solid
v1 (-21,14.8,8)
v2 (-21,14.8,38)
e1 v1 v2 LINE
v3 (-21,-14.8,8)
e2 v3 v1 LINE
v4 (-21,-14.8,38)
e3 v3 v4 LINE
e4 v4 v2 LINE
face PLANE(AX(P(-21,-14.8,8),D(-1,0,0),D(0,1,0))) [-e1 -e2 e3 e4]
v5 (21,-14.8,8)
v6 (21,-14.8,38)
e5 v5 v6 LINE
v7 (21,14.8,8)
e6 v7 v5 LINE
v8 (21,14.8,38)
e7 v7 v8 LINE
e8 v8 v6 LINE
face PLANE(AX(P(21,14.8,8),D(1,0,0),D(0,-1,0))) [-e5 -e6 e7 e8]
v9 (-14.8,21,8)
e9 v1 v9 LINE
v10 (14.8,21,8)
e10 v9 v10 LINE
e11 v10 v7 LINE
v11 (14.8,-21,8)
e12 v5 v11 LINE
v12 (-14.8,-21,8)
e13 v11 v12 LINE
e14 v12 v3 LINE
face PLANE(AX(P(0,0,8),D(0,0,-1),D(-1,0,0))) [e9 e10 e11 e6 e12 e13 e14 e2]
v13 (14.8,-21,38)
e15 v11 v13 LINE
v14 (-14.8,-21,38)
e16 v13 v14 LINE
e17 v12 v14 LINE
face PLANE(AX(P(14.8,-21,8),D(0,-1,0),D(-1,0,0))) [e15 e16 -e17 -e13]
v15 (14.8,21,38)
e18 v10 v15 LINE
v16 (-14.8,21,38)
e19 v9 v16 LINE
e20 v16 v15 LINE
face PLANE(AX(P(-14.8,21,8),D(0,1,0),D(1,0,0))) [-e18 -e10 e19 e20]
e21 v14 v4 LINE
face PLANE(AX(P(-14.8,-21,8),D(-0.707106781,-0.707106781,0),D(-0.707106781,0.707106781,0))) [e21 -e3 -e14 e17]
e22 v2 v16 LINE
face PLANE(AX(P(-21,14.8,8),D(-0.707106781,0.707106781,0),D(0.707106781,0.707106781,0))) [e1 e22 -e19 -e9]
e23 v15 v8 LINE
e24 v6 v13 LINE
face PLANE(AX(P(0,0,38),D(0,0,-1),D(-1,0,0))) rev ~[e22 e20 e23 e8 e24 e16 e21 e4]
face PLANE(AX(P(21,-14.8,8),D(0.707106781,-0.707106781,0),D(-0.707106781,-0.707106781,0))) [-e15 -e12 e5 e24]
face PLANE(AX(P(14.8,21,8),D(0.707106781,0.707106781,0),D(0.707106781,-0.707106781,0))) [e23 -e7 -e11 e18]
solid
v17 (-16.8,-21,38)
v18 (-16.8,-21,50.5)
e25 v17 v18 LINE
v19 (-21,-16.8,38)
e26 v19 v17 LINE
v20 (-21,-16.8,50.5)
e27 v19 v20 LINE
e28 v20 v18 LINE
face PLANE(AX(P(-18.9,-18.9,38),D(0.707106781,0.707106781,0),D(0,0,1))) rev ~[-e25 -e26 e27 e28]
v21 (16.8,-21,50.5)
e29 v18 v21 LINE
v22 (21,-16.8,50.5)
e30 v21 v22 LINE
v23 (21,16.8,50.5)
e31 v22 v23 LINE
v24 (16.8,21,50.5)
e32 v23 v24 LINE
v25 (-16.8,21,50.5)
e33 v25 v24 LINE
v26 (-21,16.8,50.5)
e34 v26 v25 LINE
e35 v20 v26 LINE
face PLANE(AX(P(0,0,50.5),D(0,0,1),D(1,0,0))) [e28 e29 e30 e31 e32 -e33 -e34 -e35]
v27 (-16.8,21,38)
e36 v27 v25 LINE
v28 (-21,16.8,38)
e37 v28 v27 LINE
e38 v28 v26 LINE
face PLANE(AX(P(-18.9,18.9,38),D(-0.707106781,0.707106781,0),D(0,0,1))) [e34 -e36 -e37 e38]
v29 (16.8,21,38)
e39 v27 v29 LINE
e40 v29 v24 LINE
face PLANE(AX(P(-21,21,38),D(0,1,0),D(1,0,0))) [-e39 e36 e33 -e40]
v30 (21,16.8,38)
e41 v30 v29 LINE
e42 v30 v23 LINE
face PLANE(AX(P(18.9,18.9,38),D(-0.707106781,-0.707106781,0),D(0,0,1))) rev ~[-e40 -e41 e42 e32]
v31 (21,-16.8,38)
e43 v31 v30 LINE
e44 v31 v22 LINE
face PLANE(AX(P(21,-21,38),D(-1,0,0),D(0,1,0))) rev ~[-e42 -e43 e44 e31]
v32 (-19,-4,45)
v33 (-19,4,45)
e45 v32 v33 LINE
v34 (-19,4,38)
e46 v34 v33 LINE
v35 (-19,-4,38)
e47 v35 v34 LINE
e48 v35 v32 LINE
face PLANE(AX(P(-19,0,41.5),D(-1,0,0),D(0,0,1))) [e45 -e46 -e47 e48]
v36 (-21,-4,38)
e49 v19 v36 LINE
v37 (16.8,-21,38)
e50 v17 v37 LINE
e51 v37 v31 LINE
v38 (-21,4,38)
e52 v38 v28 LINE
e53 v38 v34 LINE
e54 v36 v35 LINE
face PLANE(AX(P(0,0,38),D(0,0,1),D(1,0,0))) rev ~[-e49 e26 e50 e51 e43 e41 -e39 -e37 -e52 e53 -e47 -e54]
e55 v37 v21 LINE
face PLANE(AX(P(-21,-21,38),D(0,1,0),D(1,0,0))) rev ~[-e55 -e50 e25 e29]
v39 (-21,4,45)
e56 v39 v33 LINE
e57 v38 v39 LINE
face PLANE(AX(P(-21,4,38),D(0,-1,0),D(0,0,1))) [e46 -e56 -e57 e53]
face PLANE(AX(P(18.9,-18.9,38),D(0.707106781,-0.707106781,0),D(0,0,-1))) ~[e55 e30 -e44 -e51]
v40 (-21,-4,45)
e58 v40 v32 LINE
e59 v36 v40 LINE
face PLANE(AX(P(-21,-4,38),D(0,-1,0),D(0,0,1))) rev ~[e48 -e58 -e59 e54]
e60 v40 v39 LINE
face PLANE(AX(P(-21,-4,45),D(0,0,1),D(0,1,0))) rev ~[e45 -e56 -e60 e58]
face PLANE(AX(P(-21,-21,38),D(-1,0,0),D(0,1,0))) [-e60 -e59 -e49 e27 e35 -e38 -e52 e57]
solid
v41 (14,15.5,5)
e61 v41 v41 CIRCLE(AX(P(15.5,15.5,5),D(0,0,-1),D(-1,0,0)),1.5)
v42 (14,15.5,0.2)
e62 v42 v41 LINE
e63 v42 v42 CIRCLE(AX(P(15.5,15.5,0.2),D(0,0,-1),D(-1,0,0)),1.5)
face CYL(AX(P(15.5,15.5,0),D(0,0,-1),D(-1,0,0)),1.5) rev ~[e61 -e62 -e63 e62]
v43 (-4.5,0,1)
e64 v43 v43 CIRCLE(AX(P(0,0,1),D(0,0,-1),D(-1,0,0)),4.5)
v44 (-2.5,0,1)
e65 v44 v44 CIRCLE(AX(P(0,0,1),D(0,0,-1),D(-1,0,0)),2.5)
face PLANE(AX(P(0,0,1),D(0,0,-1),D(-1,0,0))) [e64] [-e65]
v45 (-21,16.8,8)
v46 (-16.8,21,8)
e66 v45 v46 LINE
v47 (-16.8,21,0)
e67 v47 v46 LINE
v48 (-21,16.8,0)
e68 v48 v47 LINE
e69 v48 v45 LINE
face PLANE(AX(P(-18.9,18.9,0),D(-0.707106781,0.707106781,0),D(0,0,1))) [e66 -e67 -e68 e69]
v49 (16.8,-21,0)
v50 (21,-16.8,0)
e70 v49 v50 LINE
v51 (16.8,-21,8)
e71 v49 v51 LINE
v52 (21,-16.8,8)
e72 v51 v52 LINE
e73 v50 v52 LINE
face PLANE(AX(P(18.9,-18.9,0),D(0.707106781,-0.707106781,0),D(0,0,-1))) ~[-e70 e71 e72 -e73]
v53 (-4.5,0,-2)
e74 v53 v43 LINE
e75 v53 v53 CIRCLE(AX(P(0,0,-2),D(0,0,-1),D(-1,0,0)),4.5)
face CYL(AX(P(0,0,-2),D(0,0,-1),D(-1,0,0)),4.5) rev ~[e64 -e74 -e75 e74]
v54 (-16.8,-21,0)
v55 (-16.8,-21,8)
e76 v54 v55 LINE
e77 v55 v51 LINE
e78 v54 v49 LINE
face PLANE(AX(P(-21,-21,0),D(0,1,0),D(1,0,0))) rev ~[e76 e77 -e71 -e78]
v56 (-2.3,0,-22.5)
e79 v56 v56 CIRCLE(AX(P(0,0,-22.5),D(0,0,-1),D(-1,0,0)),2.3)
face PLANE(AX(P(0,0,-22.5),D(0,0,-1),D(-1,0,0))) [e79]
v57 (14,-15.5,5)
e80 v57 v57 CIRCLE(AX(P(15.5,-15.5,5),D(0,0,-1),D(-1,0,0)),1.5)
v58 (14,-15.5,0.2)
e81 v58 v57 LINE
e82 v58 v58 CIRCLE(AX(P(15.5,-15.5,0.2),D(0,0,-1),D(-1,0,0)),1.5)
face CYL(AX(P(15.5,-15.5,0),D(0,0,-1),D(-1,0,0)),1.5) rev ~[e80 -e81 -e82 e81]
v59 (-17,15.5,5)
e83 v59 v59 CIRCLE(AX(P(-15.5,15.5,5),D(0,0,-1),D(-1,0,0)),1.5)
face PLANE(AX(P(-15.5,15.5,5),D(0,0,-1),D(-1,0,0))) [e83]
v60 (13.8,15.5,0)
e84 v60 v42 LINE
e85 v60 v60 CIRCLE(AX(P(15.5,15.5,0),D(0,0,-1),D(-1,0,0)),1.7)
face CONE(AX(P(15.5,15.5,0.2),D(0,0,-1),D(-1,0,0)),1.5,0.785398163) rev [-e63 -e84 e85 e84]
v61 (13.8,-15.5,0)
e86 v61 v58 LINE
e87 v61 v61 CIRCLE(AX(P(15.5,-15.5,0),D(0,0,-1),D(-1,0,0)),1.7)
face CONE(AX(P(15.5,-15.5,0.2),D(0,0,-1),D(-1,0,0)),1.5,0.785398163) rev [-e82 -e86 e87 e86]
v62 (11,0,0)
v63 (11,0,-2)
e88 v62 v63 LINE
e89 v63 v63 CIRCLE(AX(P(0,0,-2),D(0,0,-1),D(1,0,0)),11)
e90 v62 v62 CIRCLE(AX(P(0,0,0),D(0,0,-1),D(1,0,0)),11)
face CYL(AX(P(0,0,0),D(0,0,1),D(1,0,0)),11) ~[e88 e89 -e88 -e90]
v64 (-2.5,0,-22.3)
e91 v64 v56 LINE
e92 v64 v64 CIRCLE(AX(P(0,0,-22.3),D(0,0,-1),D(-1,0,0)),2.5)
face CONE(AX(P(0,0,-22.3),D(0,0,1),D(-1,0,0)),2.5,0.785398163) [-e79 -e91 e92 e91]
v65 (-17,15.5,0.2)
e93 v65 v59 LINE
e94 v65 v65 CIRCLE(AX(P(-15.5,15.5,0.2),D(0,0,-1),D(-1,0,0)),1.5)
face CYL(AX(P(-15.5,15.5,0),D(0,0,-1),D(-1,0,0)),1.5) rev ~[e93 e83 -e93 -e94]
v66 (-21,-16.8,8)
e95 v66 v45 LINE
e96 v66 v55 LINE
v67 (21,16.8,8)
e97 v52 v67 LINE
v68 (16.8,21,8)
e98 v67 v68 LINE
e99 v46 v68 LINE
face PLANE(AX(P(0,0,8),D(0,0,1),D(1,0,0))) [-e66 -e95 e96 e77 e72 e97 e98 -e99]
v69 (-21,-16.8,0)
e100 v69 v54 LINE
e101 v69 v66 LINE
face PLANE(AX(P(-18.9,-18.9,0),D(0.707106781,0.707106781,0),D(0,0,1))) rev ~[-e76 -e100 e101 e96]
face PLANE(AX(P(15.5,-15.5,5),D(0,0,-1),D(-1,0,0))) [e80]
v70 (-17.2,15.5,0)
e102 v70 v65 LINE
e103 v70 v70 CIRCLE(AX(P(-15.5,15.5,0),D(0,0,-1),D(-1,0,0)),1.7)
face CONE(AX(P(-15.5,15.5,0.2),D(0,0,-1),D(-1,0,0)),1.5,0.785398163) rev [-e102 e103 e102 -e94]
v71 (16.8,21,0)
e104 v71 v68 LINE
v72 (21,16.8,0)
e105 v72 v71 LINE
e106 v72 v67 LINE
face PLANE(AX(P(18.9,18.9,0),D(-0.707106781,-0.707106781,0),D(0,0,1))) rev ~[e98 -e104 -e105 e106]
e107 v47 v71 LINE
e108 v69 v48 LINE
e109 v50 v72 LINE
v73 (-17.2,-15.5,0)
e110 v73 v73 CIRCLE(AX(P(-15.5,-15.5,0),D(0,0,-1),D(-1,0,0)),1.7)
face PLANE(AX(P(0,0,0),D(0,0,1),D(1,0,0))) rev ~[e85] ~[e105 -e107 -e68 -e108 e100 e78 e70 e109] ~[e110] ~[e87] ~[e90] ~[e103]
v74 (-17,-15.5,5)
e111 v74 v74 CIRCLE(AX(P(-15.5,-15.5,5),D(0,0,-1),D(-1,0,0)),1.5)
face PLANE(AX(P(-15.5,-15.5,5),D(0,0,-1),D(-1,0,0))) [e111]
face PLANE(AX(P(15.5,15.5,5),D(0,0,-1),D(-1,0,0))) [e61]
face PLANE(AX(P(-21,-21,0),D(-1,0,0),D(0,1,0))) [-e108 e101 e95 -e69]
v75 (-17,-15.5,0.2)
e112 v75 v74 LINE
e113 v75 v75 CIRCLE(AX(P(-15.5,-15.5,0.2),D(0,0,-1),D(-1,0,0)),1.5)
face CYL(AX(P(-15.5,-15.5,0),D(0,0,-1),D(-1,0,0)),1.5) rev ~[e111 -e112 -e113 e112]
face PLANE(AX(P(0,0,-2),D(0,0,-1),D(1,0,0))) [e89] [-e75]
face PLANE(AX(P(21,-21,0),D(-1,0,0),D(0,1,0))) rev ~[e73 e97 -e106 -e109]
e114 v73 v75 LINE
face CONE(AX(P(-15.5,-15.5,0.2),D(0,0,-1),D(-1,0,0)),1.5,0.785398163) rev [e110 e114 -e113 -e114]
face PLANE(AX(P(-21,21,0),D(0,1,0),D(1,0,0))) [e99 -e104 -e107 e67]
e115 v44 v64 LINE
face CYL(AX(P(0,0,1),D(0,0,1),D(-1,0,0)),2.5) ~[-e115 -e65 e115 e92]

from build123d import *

# Parameters (mm, degrees)
ESQUISSE1_W             = 42
ESQUISSE1_H             = 42
BOSS_EXTRU_1_DEPTH      = 8
CHANFREIN1_SIZE         = 4.2
BOSS_EXTRU_2_DEPTH      = 30
ESQUISSE4_W             = 42
ESQUISSE4_H             = 42
BOSS_EXTRU_3_DEPTH      = 12.5
CHANFREIN3_SIZE         = 4.2
ESQUISSE5_R             = 11
BOSS_EXTRU_4_DEPTH      = 2
ESQUISSE6_R             = 4.5
ENL_V_MAT_EXTRU_1_DEPTH = 3
ESQUISSE7_R             = 2.5
BOSS_EXTRU_5_DEPTH      = 23.5
CHANFREIN4_SIZE         = 0.2
ESQUISSE8_R             = 1.5
ENL_V_MAT_EXTRU_2_DEPTH = 5
CHANFREIN5_SIZE         = 0.2
ESQUISSE9_W             = 7
ESQUISSE9_H             = 8
ENL_V_MAT_EXTRU_3_DEPTH = 2


with BuildPart() as part:
    # Esquisse1 → Boss.-Extru.1 (new body)
    with BuildSketch(Plane.XY):
        Rectangle(ESQUISSE1_W, ESQUISSE1_H)
    extrude(amount=BOSS_EXTRU_1_DEPTH)

    # Chanfrein1
    chanfrein1_edges = [part.edges().sort_by_distance(p)[0] for p in [
        (21, -21, 4),
        (-21, -21, 4),
        (-21, 21, 4),
        (21, 21, 4),
    ]]
    chamfer(chanfrein1_edges, length=CHANFREIN1_SIZE)

    # Esquisse5 → Boss.-Extru.4 (add)
    with BuildSketch(Plane(origin=(0, 0, 0), x_dir=(-1, 0, 0), z_dir=(0, 0, -1))):
        with Locations(Location((0, 0, 0), (0, 0, 180))):
            Circle(ESQUISSE5_R)
    extrude(amount=BOSS_EXTRU_4_DEPTH)

    # Esquisse6 → Enlèv. mat.-Extru.1 (cut)
    with BuildSketch(Plane(origin=(0, 0, -2), x_dir=(-1, 0, 0), z_dir=(0, 0, -1))):
        Circle(ESQUISSE6_R)
    extrude(amount=-ENL_V_MAT_EXTRU_1_DEPTH, mode=Mode.SUBTRACT)

    # Esquisse7 → Boss.-Extru.5 (add)
    with BuildSketch(Plane(origin=(0, 0, 1), x_dir=(-1, 0, 0), z_dir=(0, 0, -1))):
        Circle(ESQUISSE7_R)
    extrude(amount=BOSS_EXTRU_5_DEPTH)

    # Chanfrein4
    chanfrein4_edges = [part.edges().sort_by_distance(p)[0] for p in [
        (2.5, 0, -22.5),
    ]]
    chamfer(chanfrein4_edges, length=CHANFREIN4_SIZE)

    # Esquisse8 → Enlèv. mat.-Extru.2 (cut)
    with BuildSketch(Plane(origin=(0, 0, 0), x_dir=(-1, 0, 0), z_dir=(0, 0, -1))):
        with Locations((-15.5, 15.5)):
            Circle(ESQUISSE8_R)
        with Locations((15.5, 15.5)):
            Circle(ESQUISSE8_R)
        with Locations((15.5, -15.5)):
            Circle(ESQUISSE8_R)
        with Locations((-15.5, -15.5)):
            Circle(ESQUISSE8_R)
    extrude(amount=-ENL_V_MAT_EXTRU_2_DEPTH, mode=Mode.SUBTRACT)

    # Chanfrein5
    chanfrein5_edges = [part.edges().sort_by_distance(p)[0] for p in [
        (17, 15.5, 0),
        (-14, 15.5, 0),
        (-14, -15.5, 0),
        (17, -15.5, 0),
    ]]
    chamfer(chanfrein5_edges, length=CHANFREIN5_SIZE)


with BuildPart() as body_2:
    # Esquisse3 → Boss.-Extru.2 (new body)
    with BuildSketch(Plane.XY.offset(8)):
        Polygon((-21, 14.8), (-14.8, 21), (14.8, 21), (21, 14.8), (21, -14.8), (14.8, -21), (-14.8, -21), (-21, -14.8), align=None)
    extrude(amount=BOSS_EXTRU_2_DEPTH)


with BuildPart() as body_3:
    # Esquisse4 → Boss.-Extru.3 (new body)
    with BuildSketch(Plane.XY.offset(38)):
        Rectangle(ESQUISSE4_W, ESQUISSE4_H)
    extrude(amount=BOSS_EXTRU_3_DEPTH)

    # Chanfrein3
    chanfrein3_edges = [body_3.edges().sort_by_distance(p)[0] for p in [
        (21, -21, 44.25),
        (-21, -21, 44.25),
        (-21, 21, 44.25),
        (21, 21, 44.25),
    ]]
    chamfer(chanfrein3_edges, length=CHANFREIN3_SIZE)

    # Esquisse9 → Enlèv. mat.-Extru.3 (cut)
    with BuildSketch(Plane.ZY.offset(21)):
        with Locations((41.5, 0)):
            Rectangle(ESQUISSE9_W, ESQUISSE9_H)
    extrude(amount=-ENL_V_MAT_EXTRU_3_DEPTH, mode=Mode.SUBTRACT)


solid = Compound([part.part, body_2.part, body_3.part])
